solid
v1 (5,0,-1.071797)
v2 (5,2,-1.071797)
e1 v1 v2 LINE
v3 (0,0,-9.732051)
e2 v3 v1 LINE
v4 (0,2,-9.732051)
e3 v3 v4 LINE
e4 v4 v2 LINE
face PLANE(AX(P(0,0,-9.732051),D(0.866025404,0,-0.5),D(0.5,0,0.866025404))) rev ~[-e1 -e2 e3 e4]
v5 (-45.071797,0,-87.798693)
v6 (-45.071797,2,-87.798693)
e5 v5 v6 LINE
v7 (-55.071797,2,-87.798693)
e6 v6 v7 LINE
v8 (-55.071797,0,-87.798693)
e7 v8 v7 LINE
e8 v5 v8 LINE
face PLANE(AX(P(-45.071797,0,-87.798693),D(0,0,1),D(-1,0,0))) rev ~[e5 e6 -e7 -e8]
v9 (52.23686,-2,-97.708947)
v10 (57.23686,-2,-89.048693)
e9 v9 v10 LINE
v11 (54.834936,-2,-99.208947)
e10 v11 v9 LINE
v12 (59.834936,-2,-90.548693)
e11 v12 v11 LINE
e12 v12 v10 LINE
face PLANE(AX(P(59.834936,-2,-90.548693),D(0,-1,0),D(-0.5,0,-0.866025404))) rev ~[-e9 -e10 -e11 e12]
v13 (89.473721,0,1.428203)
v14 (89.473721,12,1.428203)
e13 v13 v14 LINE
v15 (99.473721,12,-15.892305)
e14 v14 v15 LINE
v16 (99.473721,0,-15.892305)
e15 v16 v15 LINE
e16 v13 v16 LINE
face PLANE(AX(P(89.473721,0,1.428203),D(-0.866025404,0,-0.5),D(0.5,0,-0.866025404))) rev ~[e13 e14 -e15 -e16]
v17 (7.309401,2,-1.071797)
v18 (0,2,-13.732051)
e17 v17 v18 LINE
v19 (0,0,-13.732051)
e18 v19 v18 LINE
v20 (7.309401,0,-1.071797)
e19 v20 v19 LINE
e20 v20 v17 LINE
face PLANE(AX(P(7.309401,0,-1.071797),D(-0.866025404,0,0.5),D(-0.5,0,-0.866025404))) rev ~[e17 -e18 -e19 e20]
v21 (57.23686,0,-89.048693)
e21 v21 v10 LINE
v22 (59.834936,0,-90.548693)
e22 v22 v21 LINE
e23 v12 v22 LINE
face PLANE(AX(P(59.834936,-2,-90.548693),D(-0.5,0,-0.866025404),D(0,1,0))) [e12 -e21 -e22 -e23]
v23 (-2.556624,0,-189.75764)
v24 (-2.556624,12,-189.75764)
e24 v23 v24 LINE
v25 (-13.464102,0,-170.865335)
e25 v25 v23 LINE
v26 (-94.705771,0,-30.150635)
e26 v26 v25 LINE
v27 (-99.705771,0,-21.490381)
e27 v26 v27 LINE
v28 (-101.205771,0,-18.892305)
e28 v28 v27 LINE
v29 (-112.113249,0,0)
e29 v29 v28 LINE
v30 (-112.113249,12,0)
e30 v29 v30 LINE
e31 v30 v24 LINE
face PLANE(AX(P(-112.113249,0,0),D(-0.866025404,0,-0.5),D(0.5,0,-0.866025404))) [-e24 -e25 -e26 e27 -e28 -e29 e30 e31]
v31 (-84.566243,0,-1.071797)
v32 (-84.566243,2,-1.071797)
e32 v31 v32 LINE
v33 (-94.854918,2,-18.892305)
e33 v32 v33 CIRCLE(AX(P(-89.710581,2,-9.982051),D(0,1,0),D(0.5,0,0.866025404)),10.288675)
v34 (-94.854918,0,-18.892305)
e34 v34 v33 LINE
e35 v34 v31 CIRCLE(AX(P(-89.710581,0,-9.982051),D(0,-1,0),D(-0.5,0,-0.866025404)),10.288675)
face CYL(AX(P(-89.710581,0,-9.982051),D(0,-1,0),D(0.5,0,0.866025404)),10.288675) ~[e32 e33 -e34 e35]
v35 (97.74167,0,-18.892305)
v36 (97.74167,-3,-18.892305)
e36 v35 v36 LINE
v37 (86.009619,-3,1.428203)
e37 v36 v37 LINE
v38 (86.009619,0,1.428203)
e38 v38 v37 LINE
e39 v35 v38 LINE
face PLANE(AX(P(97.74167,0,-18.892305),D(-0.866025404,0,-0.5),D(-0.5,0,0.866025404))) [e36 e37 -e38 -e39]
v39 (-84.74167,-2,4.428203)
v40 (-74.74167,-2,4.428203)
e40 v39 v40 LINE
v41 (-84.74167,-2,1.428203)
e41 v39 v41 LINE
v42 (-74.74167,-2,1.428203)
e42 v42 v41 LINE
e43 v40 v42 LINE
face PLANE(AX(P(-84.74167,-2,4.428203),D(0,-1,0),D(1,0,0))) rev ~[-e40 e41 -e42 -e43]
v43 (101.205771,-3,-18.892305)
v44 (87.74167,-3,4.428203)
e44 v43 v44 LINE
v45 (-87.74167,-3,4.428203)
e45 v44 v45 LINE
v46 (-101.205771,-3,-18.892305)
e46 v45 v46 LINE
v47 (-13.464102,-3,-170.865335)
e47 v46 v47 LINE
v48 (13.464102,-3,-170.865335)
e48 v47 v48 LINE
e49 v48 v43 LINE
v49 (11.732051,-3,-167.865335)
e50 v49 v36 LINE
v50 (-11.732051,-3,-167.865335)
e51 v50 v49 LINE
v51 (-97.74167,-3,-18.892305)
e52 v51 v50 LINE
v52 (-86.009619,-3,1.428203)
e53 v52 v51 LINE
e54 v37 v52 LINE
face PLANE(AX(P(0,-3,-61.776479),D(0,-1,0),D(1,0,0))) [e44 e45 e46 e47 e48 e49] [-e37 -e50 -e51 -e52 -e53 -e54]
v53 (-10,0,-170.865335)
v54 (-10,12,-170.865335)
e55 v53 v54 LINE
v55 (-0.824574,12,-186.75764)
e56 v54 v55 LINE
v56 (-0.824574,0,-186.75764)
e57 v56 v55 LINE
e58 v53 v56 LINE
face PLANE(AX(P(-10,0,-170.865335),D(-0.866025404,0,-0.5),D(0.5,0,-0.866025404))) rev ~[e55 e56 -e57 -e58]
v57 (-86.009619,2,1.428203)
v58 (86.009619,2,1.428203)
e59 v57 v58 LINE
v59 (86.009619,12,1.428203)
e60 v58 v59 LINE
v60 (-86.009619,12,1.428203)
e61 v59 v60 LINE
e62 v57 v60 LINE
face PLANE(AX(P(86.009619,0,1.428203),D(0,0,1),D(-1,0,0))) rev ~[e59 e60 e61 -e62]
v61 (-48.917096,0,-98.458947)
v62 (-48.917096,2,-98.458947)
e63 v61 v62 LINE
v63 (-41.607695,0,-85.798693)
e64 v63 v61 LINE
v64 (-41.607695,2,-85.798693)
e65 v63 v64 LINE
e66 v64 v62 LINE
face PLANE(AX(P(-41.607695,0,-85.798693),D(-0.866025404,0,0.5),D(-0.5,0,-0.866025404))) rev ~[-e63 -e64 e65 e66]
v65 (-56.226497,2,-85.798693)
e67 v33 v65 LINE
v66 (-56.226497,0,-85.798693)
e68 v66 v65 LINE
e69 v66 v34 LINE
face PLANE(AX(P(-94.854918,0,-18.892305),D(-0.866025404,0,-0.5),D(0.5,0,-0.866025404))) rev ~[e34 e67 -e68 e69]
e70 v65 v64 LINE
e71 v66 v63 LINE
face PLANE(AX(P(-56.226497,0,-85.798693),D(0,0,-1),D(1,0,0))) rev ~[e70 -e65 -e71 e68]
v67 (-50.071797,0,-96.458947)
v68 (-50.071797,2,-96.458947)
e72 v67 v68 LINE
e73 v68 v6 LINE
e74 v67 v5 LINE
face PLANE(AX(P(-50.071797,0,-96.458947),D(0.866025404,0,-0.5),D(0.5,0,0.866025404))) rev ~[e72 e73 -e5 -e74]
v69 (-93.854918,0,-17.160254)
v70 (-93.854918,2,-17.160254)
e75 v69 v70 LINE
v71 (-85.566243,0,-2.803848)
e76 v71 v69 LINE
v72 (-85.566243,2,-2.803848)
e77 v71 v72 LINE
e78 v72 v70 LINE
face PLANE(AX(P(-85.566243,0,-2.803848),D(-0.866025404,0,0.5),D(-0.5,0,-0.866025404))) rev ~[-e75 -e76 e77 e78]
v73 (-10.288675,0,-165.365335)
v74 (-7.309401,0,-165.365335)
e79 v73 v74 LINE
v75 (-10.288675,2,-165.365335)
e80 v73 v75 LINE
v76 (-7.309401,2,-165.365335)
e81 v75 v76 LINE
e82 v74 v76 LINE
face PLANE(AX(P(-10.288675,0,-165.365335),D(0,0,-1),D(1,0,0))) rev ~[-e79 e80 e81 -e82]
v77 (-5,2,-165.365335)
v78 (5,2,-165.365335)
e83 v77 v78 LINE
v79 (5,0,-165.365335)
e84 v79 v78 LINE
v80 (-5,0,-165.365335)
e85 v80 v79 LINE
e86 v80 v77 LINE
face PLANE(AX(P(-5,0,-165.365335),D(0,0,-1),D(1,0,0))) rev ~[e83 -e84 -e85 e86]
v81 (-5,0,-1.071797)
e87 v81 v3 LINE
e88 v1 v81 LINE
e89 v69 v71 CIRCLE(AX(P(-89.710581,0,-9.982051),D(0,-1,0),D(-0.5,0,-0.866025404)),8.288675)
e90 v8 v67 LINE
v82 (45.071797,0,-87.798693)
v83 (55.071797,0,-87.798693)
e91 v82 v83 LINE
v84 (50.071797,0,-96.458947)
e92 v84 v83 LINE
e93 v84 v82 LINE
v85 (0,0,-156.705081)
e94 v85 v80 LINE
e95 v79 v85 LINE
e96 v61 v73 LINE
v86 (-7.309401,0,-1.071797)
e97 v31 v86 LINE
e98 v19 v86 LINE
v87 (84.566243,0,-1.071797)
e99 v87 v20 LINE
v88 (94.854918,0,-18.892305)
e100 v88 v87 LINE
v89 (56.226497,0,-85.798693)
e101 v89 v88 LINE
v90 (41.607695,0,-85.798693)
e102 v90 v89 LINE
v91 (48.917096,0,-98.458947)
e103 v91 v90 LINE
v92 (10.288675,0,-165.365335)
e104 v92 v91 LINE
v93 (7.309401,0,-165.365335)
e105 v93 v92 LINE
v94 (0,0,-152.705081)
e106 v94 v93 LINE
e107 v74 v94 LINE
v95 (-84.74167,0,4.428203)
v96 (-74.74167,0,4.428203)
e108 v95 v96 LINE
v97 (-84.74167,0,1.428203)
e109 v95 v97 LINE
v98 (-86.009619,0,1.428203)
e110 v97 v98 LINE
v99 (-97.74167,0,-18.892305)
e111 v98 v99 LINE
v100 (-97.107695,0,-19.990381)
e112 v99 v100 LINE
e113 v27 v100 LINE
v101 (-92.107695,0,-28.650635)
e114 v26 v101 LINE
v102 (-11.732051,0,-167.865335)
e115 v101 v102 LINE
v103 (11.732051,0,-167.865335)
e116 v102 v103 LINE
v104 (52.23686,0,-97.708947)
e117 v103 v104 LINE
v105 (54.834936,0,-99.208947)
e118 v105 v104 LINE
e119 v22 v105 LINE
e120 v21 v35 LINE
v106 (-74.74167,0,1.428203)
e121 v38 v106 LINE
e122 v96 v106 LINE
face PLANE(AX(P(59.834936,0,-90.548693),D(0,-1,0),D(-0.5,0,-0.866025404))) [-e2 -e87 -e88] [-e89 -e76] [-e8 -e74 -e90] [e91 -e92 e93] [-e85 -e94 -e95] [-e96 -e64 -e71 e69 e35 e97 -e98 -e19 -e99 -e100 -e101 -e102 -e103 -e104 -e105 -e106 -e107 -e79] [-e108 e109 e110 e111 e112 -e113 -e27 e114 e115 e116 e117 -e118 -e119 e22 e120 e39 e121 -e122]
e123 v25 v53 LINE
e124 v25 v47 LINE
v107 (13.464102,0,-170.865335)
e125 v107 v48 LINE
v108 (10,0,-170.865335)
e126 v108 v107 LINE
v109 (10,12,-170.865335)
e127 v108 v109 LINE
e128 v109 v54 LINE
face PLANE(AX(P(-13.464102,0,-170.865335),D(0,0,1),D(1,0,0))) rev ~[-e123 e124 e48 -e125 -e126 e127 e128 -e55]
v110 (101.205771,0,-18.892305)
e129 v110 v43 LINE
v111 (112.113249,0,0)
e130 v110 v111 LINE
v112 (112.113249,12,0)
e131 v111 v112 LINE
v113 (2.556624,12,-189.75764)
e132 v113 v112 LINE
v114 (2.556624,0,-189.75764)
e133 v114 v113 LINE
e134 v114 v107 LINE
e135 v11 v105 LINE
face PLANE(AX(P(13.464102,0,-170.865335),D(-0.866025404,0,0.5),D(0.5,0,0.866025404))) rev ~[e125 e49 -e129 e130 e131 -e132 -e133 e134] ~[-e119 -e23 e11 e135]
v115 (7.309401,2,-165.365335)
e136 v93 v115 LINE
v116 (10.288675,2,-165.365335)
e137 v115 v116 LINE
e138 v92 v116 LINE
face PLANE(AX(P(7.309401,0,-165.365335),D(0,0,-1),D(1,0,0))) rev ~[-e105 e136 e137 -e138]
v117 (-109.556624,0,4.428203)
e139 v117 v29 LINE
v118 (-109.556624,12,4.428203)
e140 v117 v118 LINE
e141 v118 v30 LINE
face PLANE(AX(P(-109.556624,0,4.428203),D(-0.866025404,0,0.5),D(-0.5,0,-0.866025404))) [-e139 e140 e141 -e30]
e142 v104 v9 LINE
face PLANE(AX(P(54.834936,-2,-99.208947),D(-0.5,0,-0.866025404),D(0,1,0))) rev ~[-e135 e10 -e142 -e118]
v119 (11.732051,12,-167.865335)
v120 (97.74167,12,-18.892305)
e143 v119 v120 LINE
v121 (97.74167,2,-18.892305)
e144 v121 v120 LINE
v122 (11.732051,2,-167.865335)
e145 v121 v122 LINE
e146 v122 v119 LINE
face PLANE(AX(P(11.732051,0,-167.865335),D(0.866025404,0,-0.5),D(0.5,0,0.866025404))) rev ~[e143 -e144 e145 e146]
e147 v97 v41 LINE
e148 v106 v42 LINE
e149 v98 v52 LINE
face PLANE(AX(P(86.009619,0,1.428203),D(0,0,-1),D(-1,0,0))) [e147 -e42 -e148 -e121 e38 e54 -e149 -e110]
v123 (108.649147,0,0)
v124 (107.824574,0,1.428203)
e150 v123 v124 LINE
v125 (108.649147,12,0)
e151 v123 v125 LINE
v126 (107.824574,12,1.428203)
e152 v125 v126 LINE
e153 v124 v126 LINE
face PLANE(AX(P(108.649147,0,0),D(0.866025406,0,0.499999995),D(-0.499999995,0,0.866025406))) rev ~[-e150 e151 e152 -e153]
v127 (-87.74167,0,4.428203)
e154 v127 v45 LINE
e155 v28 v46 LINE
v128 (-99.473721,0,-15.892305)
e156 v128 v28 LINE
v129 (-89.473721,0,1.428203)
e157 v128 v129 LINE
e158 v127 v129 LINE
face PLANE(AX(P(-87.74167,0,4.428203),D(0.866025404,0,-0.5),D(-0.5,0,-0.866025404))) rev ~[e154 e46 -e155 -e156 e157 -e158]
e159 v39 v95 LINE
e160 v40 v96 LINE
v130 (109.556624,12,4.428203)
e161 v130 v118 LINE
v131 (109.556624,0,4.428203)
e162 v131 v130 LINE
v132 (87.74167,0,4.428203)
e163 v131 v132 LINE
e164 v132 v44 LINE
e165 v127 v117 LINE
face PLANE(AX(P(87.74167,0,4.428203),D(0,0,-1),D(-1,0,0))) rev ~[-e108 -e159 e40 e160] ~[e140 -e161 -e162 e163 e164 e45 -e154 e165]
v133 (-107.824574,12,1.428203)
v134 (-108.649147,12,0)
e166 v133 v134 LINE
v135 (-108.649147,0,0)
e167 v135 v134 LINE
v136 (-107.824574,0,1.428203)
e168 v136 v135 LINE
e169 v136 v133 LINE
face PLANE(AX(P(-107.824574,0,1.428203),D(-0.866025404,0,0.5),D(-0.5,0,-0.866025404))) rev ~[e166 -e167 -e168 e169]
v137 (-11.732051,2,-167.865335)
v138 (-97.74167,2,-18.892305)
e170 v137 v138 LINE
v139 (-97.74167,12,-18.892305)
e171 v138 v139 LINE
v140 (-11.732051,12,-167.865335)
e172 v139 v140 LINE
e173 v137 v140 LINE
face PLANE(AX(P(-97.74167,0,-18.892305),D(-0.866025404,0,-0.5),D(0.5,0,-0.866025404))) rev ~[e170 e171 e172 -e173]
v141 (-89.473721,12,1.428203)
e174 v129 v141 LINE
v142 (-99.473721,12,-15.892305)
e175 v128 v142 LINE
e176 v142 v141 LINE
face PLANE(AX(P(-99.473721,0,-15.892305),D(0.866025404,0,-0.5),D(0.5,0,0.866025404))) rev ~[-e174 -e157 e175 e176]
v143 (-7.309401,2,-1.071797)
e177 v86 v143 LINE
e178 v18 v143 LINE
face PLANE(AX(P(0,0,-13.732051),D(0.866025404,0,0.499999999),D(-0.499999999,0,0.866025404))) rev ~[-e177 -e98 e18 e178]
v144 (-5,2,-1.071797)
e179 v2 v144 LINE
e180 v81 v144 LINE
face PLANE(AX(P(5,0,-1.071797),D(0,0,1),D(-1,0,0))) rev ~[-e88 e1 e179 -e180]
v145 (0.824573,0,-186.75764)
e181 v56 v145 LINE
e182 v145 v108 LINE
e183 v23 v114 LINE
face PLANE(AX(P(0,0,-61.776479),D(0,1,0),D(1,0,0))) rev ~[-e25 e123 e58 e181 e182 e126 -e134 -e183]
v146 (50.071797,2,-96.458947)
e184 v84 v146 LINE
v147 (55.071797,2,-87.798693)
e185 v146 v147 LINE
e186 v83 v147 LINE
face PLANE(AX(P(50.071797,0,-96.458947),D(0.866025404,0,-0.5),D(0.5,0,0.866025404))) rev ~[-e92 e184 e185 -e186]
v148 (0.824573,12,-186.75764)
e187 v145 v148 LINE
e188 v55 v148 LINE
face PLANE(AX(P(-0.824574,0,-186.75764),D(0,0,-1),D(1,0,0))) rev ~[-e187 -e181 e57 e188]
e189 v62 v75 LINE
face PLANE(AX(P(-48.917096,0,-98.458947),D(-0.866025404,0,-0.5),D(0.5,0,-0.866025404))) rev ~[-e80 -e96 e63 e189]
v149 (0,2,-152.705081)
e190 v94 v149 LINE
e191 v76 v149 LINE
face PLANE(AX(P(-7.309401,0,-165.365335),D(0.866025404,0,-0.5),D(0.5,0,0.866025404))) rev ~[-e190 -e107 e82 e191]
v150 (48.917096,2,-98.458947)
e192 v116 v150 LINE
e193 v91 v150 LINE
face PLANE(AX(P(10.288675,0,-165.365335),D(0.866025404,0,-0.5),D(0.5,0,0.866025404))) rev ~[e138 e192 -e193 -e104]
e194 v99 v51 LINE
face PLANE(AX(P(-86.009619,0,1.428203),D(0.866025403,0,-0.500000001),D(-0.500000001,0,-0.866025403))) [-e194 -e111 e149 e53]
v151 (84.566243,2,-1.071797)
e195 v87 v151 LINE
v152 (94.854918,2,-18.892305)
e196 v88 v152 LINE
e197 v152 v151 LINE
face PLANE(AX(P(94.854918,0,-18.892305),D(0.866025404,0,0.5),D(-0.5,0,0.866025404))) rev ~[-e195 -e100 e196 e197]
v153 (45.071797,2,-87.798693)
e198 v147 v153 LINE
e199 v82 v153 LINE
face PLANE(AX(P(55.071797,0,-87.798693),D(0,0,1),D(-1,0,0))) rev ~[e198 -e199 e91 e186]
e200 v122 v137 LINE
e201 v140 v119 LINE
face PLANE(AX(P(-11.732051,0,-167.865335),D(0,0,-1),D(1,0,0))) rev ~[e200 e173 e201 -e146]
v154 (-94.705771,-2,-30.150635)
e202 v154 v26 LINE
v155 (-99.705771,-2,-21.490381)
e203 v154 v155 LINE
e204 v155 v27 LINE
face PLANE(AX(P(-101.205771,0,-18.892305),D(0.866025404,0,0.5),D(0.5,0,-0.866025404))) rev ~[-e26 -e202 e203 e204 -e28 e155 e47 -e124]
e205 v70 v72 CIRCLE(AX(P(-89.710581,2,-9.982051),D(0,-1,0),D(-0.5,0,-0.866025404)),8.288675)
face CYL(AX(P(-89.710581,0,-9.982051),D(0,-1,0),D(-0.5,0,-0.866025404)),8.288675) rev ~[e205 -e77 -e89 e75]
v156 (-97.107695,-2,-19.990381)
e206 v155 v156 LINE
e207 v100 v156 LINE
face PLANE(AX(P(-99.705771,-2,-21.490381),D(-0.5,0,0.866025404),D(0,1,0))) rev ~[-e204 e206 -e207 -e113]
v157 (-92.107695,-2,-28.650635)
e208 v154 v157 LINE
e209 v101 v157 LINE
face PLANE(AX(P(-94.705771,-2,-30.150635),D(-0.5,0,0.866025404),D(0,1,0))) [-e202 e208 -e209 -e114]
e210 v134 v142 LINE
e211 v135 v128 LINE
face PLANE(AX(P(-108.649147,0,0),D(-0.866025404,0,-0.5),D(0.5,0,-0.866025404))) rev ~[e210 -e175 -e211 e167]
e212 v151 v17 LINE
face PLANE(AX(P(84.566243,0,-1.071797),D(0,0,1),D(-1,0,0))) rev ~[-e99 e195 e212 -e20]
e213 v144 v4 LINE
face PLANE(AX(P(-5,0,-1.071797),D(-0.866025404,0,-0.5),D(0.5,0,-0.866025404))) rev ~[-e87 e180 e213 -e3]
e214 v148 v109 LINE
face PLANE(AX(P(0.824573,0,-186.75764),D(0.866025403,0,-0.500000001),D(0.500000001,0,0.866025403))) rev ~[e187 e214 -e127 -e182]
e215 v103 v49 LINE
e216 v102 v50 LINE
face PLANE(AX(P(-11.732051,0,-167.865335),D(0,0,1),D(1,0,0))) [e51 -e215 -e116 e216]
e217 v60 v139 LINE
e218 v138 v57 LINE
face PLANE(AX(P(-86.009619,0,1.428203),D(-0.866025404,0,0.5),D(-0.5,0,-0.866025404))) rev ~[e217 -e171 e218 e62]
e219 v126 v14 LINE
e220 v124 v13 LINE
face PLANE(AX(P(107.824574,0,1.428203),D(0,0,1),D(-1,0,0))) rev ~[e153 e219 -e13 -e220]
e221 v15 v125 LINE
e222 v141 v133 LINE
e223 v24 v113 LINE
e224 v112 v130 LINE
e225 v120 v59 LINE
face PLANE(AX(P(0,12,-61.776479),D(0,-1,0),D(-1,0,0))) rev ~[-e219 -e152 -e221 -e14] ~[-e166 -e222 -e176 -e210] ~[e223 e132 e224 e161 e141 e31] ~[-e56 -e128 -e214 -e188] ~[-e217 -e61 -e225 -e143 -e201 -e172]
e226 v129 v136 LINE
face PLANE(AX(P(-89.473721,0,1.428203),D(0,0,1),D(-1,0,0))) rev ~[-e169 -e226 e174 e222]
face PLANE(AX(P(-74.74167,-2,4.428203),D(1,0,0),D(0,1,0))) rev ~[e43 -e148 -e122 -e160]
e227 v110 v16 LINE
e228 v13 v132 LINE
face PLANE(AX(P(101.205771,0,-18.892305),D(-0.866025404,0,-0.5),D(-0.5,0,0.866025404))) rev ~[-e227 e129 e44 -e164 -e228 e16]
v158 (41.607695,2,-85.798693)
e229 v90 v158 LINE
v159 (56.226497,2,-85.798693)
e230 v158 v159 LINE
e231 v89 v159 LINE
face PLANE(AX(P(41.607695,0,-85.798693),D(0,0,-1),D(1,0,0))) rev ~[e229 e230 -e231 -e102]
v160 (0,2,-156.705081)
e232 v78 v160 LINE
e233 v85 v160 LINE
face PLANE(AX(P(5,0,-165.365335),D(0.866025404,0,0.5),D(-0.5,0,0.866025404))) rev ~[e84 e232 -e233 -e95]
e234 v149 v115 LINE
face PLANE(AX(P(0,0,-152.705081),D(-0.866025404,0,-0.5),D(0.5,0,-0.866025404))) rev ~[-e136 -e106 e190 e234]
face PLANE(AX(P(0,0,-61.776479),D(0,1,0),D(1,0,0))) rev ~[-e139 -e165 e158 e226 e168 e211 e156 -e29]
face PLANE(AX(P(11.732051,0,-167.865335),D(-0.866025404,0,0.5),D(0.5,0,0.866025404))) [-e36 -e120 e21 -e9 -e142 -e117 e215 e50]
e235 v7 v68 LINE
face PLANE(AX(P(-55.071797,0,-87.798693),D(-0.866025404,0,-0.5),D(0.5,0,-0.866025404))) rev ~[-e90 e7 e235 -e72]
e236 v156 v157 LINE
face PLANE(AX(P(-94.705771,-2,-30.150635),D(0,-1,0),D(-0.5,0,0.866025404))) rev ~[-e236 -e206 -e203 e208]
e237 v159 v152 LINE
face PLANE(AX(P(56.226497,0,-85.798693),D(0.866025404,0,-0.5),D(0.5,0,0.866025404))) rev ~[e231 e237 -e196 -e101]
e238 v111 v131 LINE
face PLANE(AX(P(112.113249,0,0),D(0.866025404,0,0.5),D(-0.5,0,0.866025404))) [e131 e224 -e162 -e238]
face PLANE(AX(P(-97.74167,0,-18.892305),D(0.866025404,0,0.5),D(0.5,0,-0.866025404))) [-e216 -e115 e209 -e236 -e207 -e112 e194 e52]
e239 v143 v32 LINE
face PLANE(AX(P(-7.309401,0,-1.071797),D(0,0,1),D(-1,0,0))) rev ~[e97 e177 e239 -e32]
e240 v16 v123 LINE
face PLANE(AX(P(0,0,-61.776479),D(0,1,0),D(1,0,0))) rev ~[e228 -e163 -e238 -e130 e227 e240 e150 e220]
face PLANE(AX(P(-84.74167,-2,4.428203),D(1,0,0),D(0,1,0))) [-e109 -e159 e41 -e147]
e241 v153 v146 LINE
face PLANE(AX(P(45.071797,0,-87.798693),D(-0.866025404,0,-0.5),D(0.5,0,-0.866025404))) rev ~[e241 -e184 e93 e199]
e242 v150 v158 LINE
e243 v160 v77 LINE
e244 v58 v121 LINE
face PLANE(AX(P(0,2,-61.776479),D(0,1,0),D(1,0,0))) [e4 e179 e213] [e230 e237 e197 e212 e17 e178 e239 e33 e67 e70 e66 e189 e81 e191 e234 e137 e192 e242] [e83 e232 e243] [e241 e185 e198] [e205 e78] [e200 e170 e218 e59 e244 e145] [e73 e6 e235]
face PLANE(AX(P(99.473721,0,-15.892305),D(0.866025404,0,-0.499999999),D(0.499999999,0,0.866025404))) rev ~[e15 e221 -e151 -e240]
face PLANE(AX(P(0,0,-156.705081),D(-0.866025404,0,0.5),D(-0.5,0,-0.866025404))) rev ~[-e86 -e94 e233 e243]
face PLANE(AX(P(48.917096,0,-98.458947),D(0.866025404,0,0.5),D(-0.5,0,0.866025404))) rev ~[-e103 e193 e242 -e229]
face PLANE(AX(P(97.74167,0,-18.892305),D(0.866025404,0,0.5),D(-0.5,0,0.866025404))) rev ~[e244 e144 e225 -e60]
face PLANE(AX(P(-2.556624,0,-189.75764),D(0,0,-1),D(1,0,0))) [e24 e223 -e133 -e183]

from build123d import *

# Parameters (mm, degrees)
BOSS_EXTRUDE1_DEPTH = 12
BOSS_EXTRUDE2_DEPTH = 2
BOSS_EXTRUDE3_DEPTH = 3
SKETCH4_W           = 10
SKETCH4_H           = 2
CUT_EXTRUDE1_DEPTH  = 6
SKETCH5_W           = 10
SKETCH5_H           = 2
CUT_EXTRUDE2_DEPTH  = 6
SKETCH6_W           = 10
SKETCH6_H           = 2
CUT_EXTRUDE3_DEPTH  = 6


with BuildPart() as part:
    # Sketch1 → Boss-Extrude1 (new body)
    with BuildSketch(Plane(origin=(0, 0, 0), x_dir=(1, 0, 0), z_dir=(0, 1, 0))):
        Polygon((109.556624327, -4.42820323), (-109.556624327, -4.42820323), (-112.113248654, 0), (-2.55662435, 189.757639654), (2.556624303, 189.757639654), (112.113248654, 0), align=None)
        Polygon((-107.82457352, -1.42820323), (-108.649147039, 0), (-99.473720558, 15.892304845), (-89.473720559, -1.42820323), align=None, mode=Mode.SUBTRACT)
        Polygon((-0.824573543, 186.757639627), (0.824573481, 186.757639627), (9.999999979, 170.86533478), (-10.000000021, 170.86533478), align=None, mode=Mode.SUBTRACT)
        Polygon((108.649147039, 0), (107.824573535, -1.428203221), (89.473720574, -1.428203221), (99.473720574, 15.892304855), align=None, mode=Mode.SUBTRACT)
        Polygon((-11.732050809, 167.865334805), (11.732050809, 167.865334805), (97.741669771, 18.892304864), (86.009618954, -1.428203229), (-86.009618944, -1.428203229), (-97.741669751, 18.892304845), align=None, mode=Mode.SUBTRACT)
    extrude(amount=BOSS_EXTRUDE1_DEPTH)

    # Sketch1<4> → Boss-Extrude2 (add)
    with BuildSketch(Plane(origin=(0, 0, 0), x_dir=(1, 0, 0), z_dir=(0, 1, 0))):
        Polygon((11.732050809, 167.865334805), (-11.732050809, 167.865334805), (-97.741669751, 18.892304845), (-86.009618944, -1.428203229), (86.009618954, -1.428203229), (97.741669771, 18.892304864), align=None)
        with BuildLine():
            Line((-85.566243251, 2.803847594), (-93.854918378, 17.160254041))
            ThreePointArc((-93.854918378, 17.160254041), (-82.532377591, 14.126388381), (-85.566243251, 2.803847594))
        make_face(mode=Mode.SUBTRACT)
        Polygon((-1e-08, 9.732050841), (4.99999999, 1.071796803), (-5.00000001, 1.071796803), align=None, mode=Mode.SUBTRACT)
        Polygon((-45.071796745, 87.798692801), (-55.071796745, 87.798692801), (-50.071796745, 96.458946839), align=None, mode=Mode.SUBTRACT)
        with BuildLine():
            Line((56.226497316, 85.798692796), (94.854918412, 18.892304841))
            Line((94.854918412, 18.892304841), (84.566243293, 1.071796793))
            Line((84.566243293, 1.071796793), (7.309401088, 1.071796793))
            Line((7.309401088, 1.071796793), (2e-09, 13.732050847))
            Line((2e-09, 13.732050847), (-7.309401077, 1.071796786))
            Line((-7.309401077, 1.071796786), (-84.566243251, 1.071796786))
            ThreePointArc((-84.566243251, 1.071796786), (-80.800326783, 15.126388381), (-94.854918378, 18.892304849))
            Line((-94.854918378, 18.892304849), (-56.226497283, 85.798692801))
            Line((-56.226497283, 85.798692801), (-41.60769513, 85.798692801))
            Line((-41.60769513, 85.798692801), (-48.917096207, 98.458946839))
            Line((-48.917096207, 98.458946839), (-10.288675112, 165.365334792))
            Line((-10.288675112, 165.365334792), (-7.309401077, 165.365334792))
            Line((-7.309401077, 165.365334792), (0, 152.705080754))
            Line((0, 152.705080754), (7.309401077, 165.365334792))
            Line((7.309401077, 165.365334792), (10.288675142, 165.365334792))
            Line((10.288675142, 165.365334792), (48.91709624, 98.458946834))
            Line((48.91709624, 98.458946834), (41.607695163, 85.798692796))
            Line((41.607695163, 85.798692796), (56.226497316, 85.798692796))
        make_face(mode=Mode.SUBTRACT)
        Polygon((45.071796778, 87.798692803), (50.071796778, 96.458946841), (55.071796778, 87.798692803), align=None, mode=Mode.SUBTRACT)
        Polygon((0, 156.705080761), (-5, 165.365334799), (5, 165.365334799), align=None, mode=Mode.SUBTRACT)
    extrude(amount=BOSS_EXTRUDE2_DEPTH)

    # Sketch2 → Boss-Extrude3 (add)
    with BuildSketch(Plane.XZ):
        Polygon((101.205771363, -18.892304847), (87.741669751, 4.42820323), (-87.741669751, 4.42820323), (-101.205771368, -18.892304847), (-13.464101652, -170.86533478), (13.464101609, -170.86533478), align=None)
        Polygon((-11.732050819, -167.865334802), (11.732050795, -167.865334802), (97.741669739, -18.892304852), (86.009618931, 1.42820323), (-86.009618931, 1.42820323), (-97.741669763, -18.892304852), align=None, mode=Mode.SUBTRACT)
    extrude(amount=BOSS_EXTRUDE3_DEPTH)

    # Sketch4 → Cut-Extrude1 (cut)
    with BuildSketch(Plane.XY.offset(4.42820323)):
        with Locations((-79.741669751, -1)):
            Rectangle(SKETCH4_W, SKETCH4_H)
    extrude(amount=-CUT_EXTRUDE1_DEPTH, mode=Mode.SUBTRACT)

    # Sketch5 → Cut-Extrude2 (cut)
    with BuildSketch(Plane(origin=(-84.084936503, 0, -48.546460711), x_dir=(-0.4999999998935114, 0, 0.86602540384592), z_dir=(-0.86602540384592, 0, -0.4999999998935114))):
        with Locations((26.241669739, -1)):
            Rectangle(SKETCH5_W, SKETCH5_H)
    extrude(amount=-CUT_EXTRUDE2_DEPTH, mode=Mode.SUBTRACT)

    # Sketch6 → Cut-Extrude3 (cut)
    with BuildSketch(Plane(origin=(84.084936484, 0, -48.546460721), x_dir=(-0.5000000000540236, 0, -0.8660254037532481), z_dir=(0.8660254037532481, 0, -0.5000000000540236))):
        with Locations((53.499999991, -1)):
            Rectangle(SKETCH6_W, SKETCH6_H)
    extrude(amount=-CUT_EXTRUDE3_DEPTH, mode=Mode.SUBTRACT)


solid = part.part
